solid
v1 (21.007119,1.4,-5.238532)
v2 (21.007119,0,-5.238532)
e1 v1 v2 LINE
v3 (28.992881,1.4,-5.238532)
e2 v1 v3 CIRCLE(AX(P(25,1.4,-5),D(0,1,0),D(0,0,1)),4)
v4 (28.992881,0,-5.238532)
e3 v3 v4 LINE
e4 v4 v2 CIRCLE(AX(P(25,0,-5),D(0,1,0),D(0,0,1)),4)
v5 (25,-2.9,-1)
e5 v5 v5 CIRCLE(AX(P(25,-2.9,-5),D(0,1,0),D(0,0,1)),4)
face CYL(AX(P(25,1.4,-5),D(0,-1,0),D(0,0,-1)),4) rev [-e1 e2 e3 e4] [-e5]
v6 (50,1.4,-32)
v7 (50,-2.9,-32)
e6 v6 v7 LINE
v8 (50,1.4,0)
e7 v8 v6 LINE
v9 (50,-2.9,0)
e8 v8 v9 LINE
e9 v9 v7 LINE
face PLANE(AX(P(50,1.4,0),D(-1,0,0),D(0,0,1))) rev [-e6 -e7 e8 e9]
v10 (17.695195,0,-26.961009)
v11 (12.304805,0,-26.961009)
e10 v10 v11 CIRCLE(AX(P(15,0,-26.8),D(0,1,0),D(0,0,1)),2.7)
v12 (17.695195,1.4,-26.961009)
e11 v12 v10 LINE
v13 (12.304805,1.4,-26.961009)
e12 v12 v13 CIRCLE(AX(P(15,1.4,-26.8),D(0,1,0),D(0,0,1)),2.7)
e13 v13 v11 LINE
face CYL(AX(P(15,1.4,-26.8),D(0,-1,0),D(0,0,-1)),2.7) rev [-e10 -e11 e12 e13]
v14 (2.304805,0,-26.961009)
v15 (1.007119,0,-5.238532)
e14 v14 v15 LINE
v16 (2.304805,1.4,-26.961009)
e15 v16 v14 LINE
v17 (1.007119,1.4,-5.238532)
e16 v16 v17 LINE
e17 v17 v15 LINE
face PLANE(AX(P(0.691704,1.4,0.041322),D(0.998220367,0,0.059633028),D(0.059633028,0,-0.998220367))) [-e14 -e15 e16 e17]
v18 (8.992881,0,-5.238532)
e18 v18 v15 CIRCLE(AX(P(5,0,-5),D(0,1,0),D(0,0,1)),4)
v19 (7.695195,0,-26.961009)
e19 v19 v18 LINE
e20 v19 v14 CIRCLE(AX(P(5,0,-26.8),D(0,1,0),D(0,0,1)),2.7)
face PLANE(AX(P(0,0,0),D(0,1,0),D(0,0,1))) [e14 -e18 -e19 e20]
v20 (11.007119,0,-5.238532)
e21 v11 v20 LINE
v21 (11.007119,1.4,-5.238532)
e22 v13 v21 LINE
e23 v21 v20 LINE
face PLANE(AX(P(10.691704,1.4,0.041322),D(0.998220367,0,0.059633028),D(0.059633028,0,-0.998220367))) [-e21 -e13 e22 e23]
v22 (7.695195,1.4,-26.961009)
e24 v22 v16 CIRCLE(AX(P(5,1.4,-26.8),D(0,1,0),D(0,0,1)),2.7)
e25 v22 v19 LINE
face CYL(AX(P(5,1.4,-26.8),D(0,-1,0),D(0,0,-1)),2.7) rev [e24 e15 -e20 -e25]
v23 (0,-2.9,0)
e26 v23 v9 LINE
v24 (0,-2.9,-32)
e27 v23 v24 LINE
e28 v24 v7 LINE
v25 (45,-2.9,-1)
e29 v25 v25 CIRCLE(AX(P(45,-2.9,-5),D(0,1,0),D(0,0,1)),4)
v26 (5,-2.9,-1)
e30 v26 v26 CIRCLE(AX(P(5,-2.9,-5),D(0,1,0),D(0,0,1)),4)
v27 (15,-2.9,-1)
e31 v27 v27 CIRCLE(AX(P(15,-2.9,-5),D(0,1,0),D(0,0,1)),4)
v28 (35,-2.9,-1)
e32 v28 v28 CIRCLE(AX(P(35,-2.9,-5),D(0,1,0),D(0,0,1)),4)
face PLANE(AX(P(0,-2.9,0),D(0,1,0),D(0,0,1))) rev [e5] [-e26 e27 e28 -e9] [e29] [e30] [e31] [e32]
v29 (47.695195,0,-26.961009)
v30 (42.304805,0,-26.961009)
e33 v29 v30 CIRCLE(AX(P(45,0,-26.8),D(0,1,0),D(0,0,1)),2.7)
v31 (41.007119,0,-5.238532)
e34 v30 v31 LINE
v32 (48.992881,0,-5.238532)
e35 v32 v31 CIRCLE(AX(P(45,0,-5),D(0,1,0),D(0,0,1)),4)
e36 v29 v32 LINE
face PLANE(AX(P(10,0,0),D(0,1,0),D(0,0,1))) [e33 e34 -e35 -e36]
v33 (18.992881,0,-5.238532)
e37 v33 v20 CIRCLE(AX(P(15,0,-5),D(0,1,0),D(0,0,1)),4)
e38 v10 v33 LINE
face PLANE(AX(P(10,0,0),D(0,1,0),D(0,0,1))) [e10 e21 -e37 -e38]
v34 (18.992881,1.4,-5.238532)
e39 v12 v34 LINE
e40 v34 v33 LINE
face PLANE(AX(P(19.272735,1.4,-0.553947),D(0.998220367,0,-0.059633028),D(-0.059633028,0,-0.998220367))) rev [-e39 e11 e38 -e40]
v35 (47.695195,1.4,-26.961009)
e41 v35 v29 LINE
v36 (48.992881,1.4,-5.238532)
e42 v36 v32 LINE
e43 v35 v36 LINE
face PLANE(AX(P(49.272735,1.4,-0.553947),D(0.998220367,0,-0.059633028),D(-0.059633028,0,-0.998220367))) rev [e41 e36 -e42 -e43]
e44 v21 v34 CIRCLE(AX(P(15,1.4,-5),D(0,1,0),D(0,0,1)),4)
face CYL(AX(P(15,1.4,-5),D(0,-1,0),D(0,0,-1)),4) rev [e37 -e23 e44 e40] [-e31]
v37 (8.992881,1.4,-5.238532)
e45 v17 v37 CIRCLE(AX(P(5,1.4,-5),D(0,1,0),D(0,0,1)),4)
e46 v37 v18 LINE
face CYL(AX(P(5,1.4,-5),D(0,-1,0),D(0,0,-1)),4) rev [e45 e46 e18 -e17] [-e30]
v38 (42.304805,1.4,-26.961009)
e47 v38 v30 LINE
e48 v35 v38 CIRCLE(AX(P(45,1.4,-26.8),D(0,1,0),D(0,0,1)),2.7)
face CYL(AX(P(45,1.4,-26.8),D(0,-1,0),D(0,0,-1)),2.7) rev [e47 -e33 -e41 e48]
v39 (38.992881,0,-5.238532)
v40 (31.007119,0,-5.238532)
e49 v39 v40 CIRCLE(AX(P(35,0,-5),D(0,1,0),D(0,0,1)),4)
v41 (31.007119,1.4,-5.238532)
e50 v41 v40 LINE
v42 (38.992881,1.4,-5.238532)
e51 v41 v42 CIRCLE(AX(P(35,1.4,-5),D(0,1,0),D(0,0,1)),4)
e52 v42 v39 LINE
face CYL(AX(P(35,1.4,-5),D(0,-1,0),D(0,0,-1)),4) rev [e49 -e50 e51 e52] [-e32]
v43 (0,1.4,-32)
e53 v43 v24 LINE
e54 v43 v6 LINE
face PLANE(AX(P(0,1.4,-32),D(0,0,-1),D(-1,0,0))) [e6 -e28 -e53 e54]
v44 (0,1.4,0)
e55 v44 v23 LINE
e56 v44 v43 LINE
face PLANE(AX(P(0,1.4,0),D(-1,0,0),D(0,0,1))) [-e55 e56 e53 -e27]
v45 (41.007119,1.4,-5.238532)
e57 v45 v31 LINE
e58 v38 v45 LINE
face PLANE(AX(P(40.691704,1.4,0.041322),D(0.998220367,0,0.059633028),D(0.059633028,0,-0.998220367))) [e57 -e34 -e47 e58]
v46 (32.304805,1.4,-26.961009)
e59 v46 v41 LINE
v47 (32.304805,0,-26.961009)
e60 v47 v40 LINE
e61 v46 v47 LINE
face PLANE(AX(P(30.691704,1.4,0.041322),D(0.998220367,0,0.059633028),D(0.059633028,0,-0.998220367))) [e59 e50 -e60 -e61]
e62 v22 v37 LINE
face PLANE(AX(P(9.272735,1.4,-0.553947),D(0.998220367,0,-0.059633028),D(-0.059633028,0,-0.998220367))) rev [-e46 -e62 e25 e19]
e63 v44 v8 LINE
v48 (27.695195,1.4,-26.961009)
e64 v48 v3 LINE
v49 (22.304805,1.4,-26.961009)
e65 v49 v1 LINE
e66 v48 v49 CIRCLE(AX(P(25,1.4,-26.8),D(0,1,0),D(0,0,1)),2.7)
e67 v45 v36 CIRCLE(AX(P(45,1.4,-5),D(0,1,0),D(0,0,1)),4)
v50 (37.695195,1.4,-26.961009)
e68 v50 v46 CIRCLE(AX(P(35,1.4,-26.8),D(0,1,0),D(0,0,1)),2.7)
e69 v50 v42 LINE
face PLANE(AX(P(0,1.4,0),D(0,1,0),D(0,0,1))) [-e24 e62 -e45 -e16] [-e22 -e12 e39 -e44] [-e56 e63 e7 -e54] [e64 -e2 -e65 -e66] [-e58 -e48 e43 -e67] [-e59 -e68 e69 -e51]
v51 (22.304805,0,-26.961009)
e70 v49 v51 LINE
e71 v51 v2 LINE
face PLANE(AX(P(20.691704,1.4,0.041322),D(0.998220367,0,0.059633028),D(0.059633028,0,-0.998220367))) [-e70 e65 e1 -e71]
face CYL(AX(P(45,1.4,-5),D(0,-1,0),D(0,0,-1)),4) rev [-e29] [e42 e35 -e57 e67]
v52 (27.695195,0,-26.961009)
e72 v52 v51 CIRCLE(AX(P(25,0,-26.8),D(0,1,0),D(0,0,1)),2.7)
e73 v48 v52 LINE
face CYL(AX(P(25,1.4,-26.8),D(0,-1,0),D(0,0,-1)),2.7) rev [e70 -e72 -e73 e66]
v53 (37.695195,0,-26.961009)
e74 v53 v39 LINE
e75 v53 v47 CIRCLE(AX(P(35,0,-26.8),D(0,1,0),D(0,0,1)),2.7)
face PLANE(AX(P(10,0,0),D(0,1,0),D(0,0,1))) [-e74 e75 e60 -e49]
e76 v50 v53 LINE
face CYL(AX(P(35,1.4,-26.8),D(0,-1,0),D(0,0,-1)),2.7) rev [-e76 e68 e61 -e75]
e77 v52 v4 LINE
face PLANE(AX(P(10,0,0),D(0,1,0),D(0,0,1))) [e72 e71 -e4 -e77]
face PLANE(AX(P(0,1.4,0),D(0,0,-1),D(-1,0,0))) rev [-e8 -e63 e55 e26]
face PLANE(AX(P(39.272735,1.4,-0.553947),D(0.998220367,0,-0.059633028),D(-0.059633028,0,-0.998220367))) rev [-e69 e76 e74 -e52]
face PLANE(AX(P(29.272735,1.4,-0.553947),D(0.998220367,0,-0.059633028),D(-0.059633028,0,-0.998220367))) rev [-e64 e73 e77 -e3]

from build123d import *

# Parameters (mm, degrees)
SKETCH1_W           = 10
SKETCH1_H           = 32
BOSS_EXTRUDE1_DEPTH = 1.4
BOSS_EXTRUDE2_START = -2.9
SKETCH1_3_W         = 10
SKETCH1_3_H         = 32
SKETCH1_3_R         = 4
BOSS_EXTRUDE2_DEPTH = 2.9
LPATTERN1_COUNT     = 5
LPATTERN1_PITCH     = 10


with BuildPart() as part:
    # Sketch1 → Boss-Extrude1 (new body)
    with BuildSketch(Plane(origin=(0, 0, 0), x_dir=(1, 0, 0), z_dir=(0, 1, 0))):
        with Locations((5, 16)):
            Rectangle(SKETCH1_W, SKETCH1_H)
        with BuildLine():
            Line((1.00711853, 5.23853211), (2.304805008, 26.961009174))
            ThreePointArc((2.304805008, 26.961009174), (5, 29.5), (7.695194992, 26.961009174))
            Line((7.695194992, 26.961009174), (8.99288147, 5.23853211))
            ThreePointArc((8.99288147, 5.23853211), (8.998219971, 5.119319153), (9, 5))
            ThreePointArc((9, 5), (4.880680847, 1.001780029), (1.00711853, 5.23853211))
        make_face(mode=Mode.SUBTRACT)
    boss_extrude1 = extrude(amount=BOSS_EXTRUDE1_DEPTH)

    # Sketch1<3> → Boss-Extrude2 (add)
    with BuildSketch(Plane(origin=(0, 0, 0), x_dir=(1, 0, 0), z_dir=(0, 1, 0)).offset(BOSS_EXTRUDE2_START)):
        with Locations((5, 16)):
            Rectangle(SKETCH1_3_W, SKETCH1_3_H)
        with Locations((5, 5)):
            Circle(SKETCH1_3_R, mode=Mode.SUBTRACT)
    boss_extrude2 = extrude(amount=BOSS_EXTRUDE2_DEPTH)

    # LPattern1: Boss-Extrude1, Boss-Extrude2 ×5
    with Locations(*[(i * LPATTERN1_PITCH, 0, 0) for i in range(1, LPATTERN1_COUNT)]):
        add(boss_extrude1)
        add(boss_extrude2)


solid = part.part
